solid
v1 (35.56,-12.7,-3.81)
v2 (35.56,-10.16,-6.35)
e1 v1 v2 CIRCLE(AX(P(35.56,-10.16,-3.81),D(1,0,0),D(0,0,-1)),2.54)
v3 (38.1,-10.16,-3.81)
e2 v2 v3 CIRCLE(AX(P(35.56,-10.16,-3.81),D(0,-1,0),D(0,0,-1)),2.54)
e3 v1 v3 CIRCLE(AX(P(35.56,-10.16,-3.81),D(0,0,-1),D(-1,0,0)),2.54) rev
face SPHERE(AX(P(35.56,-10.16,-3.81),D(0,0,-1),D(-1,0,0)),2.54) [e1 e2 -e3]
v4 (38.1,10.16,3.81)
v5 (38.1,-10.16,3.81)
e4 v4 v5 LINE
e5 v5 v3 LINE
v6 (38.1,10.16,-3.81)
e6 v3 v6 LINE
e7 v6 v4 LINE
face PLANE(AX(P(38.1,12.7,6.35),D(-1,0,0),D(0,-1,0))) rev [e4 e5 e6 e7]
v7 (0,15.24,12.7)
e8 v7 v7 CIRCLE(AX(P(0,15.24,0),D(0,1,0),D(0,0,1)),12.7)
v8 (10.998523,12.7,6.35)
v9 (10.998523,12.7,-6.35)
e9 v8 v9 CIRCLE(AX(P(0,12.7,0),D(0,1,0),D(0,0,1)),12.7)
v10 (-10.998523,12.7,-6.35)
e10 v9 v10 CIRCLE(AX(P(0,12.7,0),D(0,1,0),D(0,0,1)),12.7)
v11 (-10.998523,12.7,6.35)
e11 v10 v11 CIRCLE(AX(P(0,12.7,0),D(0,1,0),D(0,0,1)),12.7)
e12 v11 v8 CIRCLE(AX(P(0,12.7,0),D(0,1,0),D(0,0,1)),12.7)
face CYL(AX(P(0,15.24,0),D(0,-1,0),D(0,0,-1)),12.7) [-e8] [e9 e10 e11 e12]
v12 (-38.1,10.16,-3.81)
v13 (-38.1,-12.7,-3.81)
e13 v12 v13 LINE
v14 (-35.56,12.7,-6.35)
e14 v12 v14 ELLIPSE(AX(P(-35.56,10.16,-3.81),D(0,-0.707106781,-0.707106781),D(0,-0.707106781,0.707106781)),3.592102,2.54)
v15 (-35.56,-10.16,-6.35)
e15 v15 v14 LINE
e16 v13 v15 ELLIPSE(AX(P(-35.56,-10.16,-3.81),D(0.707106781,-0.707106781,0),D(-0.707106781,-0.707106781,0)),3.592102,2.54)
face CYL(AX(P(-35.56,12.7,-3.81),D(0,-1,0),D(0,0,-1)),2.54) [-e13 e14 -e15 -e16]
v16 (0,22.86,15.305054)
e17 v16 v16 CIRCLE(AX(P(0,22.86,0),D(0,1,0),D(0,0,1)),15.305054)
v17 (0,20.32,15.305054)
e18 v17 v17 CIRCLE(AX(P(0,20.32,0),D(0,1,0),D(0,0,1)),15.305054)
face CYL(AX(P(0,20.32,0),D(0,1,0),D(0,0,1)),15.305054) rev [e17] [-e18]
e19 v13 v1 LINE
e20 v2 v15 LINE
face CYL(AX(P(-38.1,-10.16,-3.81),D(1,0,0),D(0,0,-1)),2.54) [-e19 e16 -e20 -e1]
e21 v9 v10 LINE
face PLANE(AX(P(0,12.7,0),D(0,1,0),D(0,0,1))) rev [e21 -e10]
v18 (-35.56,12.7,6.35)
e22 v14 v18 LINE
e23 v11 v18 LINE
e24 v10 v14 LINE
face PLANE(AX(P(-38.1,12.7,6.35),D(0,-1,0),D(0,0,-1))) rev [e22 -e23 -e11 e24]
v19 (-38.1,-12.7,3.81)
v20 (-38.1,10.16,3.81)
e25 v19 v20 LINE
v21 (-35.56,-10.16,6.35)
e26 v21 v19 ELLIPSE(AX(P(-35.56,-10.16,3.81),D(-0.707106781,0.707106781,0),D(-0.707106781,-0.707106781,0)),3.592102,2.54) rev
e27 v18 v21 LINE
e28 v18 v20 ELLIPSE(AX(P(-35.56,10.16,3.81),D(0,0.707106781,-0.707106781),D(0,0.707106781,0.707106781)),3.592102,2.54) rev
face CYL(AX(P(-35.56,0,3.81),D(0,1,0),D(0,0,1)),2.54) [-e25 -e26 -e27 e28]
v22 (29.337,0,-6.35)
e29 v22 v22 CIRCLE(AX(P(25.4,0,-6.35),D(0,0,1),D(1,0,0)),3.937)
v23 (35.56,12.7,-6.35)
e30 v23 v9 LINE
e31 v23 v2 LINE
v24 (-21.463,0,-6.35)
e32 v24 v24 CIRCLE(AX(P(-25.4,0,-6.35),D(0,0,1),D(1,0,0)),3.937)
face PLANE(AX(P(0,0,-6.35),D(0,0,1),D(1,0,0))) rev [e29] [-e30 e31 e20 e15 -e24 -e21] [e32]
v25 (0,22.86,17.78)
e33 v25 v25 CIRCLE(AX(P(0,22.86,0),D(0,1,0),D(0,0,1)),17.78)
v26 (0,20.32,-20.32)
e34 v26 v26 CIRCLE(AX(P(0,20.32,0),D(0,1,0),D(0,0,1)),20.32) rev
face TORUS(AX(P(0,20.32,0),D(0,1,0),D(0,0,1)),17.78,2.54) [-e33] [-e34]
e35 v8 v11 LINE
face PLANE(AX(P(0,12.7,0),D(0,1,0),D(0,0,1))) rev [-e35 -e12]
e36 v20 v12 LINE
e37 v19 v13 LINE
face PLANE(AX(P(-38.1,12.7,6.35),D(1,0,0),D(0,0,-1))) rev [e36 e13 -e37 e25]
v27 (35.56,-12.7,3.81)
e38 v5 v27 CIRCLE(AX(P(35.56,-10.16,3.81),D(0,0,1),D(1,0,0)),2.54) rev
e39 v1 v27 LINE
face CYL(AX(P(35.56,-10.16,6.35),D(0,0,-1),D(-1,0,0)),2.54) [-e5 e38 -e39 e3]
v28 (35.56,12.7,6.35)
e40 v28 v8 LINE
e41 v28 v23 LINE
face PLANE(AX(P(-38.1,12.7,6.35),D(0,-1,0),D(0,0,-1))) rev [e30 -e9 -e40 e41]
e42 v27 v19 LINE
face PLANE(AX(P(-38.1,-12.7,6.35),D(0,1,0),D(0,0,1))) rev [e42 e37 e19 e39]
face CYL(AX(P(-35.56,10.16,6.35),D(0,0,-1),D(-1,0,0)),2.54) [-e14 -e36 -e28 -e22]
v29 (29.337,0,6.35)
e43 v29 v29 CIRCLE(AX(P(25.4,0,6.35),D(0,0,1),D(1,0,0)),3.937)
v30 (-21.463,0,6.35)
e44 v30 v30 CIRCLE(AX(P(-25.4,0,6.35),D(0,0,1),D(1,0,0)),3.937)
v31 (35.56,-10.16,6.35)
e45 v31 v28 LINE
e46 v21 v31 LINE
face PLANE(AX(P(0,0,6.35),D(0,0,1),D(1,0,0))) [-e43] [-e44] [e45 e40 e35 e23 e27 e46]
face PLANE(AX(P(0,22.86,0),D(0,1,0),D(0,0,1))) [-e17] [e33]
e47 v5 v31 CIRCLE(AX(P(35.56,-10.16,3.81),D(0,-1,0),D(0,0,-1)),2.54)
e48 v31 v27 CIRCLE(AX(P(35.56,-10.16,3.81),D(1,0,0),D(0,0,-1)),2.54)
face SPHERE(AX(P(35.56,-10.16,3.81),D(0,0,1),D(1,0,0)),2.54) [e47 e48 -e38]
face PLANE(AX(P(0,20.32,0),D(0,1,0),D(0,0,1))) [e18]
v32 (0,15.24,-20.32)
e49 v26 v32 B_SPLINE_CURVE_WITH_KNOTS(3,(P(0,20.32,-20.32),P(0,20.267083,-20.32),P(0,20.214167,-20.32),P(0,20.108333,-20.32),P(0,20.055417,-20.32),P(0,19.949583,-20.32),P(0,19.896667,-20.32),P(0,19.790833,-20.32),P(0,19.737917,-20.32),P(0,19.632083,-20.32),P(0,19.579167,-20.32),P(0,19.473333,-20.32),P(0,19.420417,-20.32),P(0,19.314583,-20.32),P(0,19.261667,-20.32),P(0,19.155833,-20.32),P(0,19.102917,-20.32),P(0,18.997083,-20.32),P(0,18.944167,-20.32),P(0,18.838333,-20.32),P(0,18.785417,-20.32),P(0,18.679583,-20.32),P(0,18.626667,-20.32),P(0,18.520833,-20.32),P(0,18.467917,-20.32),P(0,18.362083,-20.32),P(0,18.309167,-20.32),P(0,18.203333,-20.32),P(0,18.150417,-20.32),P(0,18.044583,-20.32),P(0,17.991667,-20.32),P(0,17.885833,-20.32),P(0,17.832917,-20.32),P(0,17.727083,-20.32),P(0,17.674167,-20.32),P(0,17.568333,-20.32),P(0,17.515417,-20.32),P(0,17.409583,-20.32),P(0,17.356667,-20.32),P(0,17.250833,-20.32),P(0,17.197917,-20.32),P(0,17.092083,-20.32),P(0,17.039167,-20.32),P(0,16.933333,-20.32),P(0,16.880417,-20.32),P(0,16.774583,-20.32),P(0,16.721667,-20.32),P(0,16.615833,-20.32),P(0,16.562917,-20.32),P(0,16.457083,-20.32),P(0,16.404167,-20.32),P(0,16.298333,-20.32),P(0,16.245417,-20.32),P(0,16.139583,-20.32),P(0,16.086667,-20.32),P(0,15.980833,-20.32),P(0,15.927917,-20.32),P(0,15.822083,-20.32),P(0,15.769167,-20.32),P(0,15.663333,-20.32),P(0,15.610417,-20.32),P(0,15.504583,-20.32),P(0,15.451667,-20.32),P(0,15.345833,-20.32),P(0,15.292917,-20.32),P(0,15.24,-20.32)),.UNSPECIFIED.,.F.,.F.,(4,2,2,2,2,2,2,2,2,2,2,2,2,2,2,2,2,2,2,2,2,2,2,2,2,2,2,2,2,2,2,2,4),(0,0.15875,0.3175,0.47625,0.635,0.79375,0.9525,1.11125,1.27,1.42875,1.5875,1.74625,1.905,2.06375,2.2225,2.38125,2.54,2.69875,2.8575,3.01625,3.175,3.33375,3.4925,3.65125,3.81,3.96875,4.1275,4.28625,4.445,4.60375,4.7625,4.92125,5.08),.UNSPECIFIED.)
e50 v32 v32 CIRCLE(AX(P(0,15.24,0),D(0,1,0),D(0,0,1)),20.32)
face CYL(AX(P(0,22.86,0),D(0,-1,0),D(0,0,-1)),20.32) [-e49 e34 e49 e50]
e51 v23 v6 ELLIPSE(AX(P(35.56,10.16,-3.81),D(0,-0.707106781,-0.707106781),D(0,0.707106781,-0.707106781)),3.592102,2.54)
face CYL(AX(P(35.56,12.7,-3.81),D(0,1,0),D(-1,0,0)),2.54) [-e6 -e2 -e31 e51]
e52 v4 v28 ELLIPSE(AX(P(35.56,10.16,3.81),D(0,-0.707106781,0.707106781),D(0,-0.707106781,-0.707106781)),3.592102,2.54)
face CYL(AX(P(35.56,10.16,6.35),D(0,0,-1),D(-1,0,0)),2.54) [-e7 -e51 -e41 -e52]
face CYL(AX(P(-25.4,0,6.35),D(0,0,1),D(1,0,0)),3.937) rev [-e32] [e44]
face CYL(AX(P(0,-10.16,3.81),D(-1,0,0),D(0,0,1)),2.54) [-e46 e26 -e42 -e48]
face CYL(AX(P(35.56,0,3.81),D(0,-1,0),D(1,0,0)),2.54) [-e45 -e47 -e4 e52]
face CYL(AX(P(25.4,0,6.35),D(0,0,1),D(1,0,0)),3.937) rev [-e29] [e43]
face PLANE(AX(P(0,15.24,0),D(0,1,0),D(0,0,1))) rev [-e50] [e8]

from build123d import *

# Parameters (mm, degrees)
SKETCH1_W                      = 76.2
SKETCH1_H                      = 25.4
BOSS_EXTRUDE1_DEPTH            = 6.35
SKETCH5_R                      = 12.7
BOSS_EXTRUDE3_DEPTH            = 2.54
SKETCH7_R                      = 20.32
BOSS_EXTRUDE4_DEPTH            = 7.62
SKETCH8_R                      = 15.305053728
CUT_EXTRUDE1_DEPTH             = 2.54
FILLET3_R                      = 2.54
FILLET4_R                      = 2.54
F_97_0_31_DIAMETER_HOLE1_D     = 7.874
F_97_0_31_DIAMETER_HOLE1_DEPTH = 25.4
F_97_0_31_DIAMETER_HOLE1_TIP   = 2.365588257


with BuildPart() as part:
    # Sketch1 → Boss-Extrude1 (new, symmetric)
    with BuildSketch(Plane.XY):
        Rectangle(SKETCH1_W, SKETCH1_H)
    extrude(amount=BOSS_EXTRUDE1_DEPTH, both=True)

    # Sketch5 → Boss-Extrude3 (add)
    with BuildSketch(Plane(origin=(0, 12.7, 0), x_dir=(1, 0, 0), z_dir=(0, 1, 0))):
        with Locations(Location((0, 0, 0), (0, 0, 30))):
            Circle(SKETCH5_R)
    extrude(amount=BOSS_EXTRUDE3_DEPTH)

    # Sketch7 → Boss-Extrude4 (add)
    with BuildSketch(Plane(origin=(0, 15.24, 0), x_dir=(1, 0, 0), z_dir=(0, 1, 0))):
        with Locations(Location((0, 0, 0), (0, 0, 90))):
            Circle(SKETCH7_R)
    extrude(amount=BOSS_EXTRUDE4_DEPTH)

    # Sketch8 → Cut-Extrude1 (cut)
    with BuildSketch(Plane(origin=(0, 22.86, 0), x_dir=(1, 0, 0), z_dir=(0, 1, 0))):
        with Locations(Location((0, 0, 0), (0, 0, 270))):
            Circle(SKETCH8_R)
    extrude(amount=-CUT_EXTRUDE1_DEPTH, mode=Mode.SUBTRACT)

    # Fillet3
    fillet3_edges = [part.edges().sort_by_distance(p)[0] for p in [
        (0, 22.86, 20.32),
    ]]
    fillet(fillet3_edges, radius=FILLET3_R)

    # Fillet4
    fillet4_edges = [part.edges().sort_by_distance(p)[0] for p in [
        (-38.1, 0, 6.35),
        (0, -12.7, 6.35),
        (38.1, 0, 6.35),
        (0, -12.7, -6.35),
        (-38.1, 0, -6.35),
        (38.1, 0, -6.35),
        (38.1, -12.7, 0),
        (-38.1, 12.7, 0),
        (38.1, 12.7, 0),
    ]]
    fillet(fillet4_edges, radius=FILLET4_R)

    # #97 (0.31) Diameter Hole1
    with Locations(Plane.XY.offset(6.35)):
        with Locations((25.4, 0), (-25.4, 0)):
            Hole(F_97_0_31_DIAMETER_HOLE1_D / 2, depth=F_97_0_31_DIAMETER_HOLE1_DEPTH)
            with Locations((0, 0, -(F_97_0_31_DIAMETER_HOLE1_DEPTH + F_97_0_31_DIAMETER_HOLE1_TIP / 2))):  # 118° drill point
                Cone(0, F_97_0_31_DIAMETER_HOLE1_D / 2, F_97_0_31_DIAMETER_HOLE1_TIP, mode=Mode.SUBTRACT)


solid = part.part
